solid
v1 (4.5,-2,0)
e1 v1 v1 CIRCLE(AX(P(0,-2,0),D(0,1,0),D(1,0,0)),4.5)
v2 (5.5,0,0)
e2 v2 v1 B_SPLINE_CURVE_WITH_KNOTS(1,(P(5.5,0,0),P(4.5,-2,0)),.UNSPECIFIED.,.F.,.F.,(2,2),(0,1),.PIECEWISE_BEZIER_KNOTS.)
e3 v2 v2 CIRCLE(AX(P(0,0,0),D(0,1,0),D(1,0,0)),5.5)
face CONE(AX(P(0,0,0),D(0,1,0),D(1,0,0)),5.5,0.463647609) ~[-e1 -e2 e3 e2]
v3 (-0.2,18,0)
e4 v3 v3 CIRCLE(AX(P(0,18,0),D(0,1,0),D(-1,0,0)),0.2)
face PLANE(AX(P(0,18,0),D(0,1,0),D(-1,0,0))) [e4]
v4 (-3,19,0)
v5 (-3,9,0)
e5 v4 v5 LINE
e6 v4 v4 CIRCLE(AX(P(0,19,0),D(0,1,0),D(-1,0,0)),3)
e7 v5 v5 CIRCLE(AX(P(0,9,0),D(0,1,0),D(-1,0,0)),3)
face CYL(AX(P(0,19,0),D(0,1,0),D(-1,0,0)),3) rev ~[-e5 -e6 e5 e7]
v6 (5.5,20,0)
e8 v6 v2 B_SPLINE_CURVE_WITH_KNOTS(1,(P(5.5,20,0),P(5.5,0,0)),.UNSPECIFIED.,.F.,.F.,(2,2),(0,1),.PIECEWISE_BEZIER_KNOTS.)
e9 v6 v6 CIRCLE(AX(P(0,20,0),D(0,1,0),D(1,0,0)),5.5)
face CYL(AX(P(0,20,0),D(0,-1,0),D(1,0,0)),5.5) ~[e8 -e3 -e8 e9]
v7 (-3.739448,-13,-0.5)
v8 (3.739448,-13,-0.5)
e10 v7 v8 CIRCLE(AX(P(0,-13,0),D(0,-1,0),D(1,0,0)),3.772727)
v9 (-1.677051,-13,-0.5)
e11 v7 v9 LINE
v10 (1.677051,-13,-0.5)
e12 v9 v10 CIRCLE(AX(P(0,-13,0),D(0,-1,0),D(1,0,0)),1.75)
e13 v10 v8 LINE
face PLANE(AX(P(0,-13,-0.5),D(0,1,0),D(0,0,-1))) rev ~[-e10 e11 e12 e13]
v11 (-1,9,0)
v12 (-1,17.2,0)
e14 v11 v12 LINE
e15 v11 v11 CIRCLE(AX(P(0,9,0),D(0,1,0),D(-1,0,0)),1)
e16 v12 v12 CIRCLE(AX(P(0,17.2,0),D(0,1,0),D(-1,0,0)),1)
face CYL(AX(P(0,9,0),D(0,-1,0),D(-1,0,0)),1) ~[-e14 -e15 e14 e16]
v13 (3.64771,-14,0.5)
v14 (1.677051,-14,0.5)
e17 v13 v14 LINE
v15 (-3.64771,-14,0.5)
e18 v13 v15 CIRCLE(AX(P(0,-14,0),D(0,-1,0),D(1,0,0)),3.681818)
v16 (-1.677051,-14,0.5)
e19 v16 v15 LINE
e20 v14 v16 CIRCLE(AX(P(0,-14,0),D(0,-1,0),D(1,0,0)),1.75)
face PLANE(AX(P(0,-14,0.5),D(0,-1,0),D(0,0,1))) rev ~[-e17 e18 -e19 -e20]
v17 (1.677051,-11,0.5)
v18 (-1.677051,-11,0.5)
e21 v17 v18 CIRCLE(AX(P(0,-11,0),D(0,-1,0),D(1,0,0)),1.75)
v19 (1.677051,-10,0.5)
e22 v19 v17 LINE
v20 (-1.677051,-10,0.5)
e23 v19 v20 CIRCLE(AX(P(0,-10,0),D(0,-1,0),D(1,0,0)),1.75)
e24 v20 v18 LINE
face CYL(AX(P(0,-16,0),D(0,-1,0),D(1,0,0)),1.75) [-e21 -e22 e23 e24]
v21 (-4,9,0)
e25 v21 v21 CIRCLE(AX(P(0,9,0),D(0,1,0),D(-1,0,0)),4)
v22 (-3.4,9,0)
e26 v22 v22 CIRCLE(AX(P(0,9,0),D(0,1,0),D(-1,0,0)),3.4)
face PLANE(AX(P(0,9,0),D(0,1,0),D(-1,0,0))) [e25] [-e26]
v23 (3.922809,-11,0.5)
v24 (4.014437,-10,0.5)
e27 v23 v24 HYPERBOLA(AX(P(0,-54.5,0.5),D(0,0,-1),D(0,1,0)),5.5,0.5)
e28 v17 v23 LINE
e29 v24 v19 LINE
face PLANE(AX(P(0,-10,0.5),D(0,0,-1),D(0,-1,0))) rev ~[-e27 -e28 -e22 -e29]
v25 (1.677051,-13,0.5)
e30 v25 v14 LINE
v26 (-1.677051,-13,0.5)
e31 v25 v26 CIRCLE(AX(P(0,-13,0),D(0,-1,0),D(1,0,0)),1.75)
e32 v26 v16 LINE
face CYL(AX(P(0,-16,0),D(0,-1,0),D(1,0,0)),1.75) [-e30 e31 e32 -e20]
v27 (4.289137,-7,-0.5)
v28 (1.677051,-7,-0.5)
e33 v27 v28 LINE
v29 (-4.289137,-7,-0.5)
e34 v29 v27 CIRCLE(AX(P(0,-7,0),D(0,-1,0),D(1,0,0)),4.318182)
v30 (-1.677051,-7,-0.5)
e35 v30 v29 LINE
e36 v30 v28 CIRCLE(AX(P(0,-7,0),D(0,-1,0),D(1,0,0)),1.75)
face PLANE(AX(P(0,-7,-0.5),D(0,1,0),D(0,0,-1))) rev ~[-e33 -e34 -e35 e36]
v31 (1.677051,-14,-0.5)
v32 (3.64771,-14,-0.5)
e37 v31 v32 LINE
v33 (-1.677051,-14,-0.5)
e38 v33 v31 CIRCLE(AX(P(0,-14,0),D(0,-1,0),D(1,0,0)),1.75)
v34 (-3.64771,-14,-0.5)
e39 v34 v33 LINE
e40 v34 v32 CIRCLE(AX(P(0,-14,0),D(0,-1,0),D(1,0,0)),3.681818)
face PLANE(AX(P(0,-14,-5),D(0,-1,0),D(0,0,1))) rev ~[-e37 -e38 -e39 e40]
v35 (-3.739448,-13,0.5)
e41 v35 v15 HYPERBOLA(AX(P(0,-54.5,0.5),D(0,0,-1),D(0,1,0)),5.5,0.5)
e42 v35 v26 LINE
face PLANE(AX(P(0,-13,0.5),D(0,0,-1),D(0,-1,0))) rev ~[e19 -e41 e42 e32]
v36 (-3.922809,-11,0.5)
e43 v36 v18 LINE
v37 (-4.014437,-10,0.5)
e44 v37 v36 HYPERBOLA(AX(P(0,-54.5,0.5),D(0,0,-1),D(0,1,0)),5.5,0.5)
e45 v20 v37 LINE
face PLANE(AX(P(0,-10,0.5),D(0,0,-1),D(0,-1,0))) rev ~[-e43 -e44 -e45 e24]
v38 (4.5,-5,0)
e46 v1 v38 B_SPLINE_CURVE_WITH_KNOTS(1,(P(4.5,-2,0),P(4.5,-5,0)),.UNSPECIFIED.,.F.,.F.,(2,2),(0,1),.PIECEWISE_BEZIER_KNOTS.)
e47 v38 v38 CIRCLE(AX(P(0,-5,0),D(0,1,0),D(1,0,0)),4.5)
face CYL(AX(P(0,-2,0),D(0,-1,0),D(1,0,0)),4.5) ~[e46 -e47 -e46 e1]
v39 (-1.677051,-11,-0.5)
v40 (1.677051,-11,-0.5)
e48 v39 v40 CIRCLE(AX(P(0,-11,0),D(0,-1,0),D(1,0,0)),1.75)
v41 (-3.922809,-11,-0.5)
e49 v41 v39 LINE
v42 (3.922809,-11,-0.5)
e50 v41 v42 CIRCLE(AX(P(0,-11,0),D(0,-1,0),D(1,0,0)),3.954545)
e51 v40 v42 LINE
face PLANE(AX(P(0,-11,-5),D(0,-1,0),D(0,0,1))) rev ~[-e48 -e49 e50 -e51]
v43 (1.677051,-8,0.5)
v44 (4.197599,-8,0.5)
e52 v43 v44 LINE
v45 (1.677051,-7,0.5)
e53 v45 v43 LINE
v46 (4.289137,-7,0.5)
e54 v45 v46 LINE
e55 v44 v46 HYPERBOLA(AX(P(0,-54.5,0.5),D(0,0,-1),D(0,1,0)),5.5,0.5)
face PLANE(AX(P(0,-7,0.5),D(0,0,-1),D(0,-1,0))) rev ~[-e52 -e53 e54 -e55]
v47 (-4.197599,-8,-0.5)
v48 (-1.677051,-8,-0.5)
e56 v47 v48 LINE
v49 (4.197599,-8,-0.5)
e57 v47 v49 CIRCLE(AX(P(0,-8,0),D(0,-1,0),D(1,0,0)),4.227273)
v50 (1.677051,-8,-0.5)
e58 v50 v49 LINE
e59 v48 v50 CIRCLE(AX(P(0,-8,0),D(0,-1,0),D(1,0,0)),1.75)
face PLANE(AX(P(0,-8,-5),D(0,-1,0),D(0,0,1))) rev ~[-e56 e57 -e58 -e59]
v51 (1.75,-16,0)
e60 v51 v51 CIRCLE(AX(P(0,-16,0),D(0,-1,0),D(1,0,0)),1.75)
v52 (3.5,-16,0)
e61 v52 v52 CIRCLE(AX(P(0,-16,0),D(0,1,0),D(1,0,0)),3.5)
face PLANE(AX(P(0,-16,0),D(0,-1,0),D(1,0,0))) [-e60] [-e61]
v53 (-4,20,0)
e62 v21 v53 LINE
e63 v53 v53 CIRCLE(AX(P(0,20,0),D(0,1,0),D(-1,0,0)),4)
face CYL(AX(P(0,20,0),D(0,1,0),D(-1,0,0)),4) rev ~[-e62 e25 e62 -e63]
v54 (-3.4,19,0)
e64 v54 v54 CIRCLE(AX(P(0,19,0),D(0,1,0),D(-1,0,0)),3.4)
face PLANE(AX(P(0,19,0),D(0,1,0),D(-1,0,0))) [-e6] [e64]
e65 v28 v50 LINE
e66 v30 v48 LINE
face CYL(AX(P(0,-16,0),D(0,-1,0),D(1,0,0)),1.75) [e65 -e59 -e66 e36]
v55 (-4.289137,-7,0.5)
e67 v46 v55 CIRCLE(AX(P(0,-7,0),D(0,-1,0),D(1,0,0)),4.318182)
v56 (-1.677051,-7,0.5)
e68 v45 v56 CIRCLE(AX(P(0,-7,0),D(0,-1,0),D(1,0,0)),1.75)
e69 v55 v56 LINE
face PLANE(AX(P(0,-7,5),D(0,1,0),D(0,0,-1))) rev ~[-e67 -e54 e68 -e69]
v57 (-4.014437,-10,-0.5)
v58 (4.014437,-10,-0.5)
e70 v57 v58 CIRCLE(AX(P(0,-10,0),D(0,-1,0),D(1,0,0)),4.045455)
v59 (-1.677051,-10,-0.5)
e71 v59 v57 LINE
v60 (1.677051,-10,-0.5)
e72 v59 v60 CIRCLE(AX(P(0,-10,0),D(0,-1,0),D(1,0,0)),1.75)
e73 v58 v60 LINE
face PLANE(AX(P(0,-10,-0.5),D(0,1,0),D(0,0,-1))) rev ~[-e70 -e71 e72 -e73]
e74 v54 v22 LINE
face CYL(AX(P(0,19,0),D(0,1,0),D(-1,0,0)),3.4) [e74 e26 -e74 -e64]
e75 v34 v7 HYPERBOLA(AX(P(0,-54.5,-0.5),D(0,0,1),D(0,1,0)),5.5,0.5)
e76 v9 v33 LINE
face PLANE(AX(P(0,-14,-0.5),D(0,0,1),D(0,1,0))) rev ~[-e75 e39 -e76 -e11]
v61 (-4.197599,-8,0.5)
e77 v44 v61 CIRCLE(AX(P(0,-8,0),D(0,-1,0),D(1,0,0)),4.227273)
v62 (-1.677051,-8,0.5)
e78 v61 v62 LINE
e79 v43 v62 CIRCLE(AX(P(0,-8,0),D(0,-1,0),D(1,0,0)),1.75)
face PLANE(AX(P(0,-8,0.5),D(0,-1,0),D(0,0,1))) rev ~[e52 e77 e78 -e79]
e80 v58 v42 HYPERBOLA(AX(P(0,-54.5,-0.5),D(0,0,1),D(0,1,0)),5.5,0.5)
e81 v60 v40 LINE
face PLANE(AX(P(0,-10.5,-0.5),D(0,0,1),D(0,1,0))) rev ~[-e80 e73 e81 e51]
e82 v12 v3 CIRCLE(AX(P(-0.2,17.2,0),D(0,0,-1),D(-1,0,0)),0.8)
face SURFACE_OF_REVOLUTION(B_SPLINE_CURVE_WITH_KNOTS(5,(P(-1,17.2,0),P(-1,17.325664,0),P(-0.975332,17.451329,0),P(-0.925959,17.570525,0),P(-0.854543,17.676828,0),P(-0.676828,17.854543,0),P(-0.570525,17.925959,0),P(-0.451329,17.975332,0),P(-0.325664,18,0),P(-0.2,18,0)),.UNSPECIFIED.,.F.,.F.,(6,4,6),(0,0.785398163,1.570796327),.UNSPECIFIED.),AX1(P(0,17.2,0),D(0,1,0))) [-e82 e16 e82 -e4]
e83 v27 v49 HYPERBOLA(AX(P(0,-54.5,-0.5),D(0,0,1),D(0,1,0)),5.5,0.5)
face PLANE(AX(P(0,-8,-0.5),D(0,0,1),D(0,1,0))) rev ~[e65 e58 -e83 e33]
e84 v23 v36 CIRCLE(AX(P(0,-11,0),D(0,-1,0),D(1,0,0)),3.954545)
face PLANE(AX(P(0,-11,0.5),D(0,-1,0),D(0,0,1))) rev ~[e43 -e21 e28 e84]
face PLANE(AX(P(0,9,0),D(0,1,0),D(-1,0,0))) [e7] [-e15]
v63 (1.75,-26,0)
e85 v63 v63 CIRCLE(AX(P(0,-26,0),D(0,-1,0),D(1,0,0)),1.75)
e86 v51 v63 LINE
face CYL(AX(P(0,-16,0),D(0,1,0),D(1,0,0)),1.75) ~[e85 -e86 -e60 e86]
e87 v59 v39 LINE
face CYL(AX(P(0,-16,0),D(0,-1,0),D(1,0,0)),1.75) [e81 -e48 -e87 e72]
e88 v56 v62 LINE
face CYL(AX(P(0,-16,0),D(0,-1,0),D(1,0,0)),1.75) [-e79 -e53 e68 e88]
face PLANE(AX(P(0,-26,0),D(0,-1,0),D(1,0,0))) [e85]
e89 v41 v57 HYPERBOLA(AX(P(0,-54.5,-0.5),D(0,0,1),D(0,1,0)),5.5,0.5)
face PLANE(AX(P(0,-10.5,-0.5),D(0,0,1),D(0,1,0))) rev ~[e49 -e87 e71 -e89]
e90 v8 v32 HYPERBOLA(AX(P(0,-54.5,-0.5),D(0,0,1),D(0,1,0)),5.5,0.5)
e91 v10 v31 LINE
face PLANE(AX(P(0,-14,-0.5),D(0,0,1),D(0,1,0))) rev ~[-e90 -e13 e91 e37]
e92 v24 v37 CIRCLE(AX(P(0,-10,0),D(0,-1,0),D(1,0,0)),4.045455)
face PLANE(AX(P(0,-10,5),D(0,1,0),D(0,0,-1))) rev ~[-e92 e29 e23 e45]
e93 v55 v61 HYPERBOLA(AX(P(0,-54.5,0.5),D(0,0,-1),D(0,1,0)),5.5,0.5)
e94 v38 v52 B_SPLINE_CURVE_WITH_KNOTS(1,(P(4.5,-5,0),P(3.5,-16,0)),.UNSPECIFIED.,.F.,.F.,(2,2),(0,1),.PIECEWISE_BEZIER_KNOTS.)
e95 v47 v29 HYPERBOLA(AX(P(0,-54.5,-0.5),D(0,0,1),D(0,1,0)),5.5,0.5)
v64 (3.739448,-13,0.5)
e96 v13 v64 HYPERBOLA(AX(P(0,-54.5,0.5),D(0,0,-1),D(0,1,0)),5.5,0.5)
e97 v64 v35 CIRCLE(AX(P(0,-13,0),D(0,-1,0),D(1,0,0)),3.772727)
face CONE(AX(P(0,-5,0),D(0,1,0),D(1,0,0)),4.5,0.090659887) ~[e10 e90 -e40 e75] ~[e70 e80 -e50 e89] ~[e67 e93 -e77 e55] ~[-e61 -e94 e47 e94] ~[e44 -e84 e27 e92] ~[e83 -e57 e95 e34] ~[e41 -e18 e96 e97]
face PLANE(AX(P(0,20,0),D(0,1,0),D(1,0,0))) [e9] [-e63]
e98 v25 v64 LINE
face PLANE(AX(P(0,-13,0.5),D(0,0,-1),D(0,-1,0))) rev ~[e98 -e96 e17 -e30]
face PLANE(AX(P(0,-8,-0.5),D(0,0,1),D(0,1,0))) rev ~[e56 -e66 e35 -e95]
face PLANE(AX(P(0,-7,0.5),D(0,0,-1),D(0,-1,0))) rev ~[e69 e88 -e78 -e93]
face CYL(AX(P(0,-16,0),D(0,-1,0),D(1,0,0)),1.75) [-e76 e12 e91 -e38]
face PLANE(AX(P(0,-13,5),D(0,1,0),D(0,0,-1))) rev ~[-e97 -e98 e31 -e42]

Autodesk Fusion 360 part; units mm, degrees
sketch "Sketch1" plane through (0, 0, 0) normal (0, 1, 0) x (1, 0, 0)
  circle A0 centre (0, 0) radius 5.5
  dimension "d1" = 11
ref_plane "WorkPlane1" through (0, 20, 0) normal (0, 1, 0) x (1, 0, 0)
sketch "Sketch2" plane through (0, 20, 0) normal (0, 1, 0) x (1, 0, 0)
  circle A0 centre (0, 0) radius 5.5
  dimension "d3" = 11
ref_plane "WorkPlane2" through (0, -2, 0) normal (0, 1, 0) x (1, 0, 0)
sketch "Sketch3" plane through (0, -2, 0) normal (0, 1, 0) x (1, 0, 0)
  circle A0 centre (0, 0) radius 4.5
  dimension "d5" = 9
ref_plane "WorkPlane3" through (0, -5, 0) normal (0, 1, 0) x (1, 0, 0)
sketch "Sketch4" plane through (0, -5, 0) normal (0, 1, 0) x (1, 0, 0)
  circle A0 centre (0, 0) radius 4.5
  dimension "d7" = 9
ref_plane "WorkPlane4" through (0, -16, 0) normal (0, 1, 0) x (1, 0, 0)
sketch "Sketch5" plane through (0, -16, 0) normal (0, 1, 0) x (1, 0, 0)
  circle A0 centre (0, 0) radius 3.5
  dimension "d9" = 7
loft "Loft1" add profiles "Sketch2", "Sketch1" section 1 section 2 makes body 1
loft "Loft2" add profiles "Sketch3" section 1 face at (-1.4907, 0, -0.2732) section 2 on bodies 1 bodies 1
loft "Loft3" add profiles "Sketch4" section 1 face at (0.9352, -2, -1.1727) section 2 on bodies 1 bodies 1
loft "Loft4" add profiles "Sketch5" section 1 face at (0.9352, -5, -1.1727) section 2 on bodies 1 bodies 1
sketch "Sketch6" plane through (0, 0, 0) normal (1, 0, 0) x (0, 1, 0)
  line L0 (-10.5, 5.5424) -> (-10.5, -7.5313)
  line L1 (-5, 0.5) -> (-16, 0.5)
  line L2 (-16, 0.5) -> (-16, -0.5)
  line L3 (-16, -0.5) -> (-5, -0.5)
  line L4 (-5, -0.5) -> (-5, 0.5)
  line L5 (-5, 0.5) -> (-16, -0.5) construction
  line L6 (-16, 0.5) -> (-5, -0.5) construction
  line L7 (-14, 5) -> (-13, 5)
  line L8 (-13, 5) -> (-13, -5)
  line L9 (-13, -5) -> (-14, -5)
  line L10 (-14, -5) -> (-14, 5)
  line L11 (-11, 5) -> (-10, 5)
  line L12 (-10, 5) -> (-10, -5)
  line L13 (-10, -5) -> (-11, -5)
  line L14 (-11, -5) -> (-11, 5)
  line L15 (-8, 5) -> (-7, 5)
  line L16 (-7, 5) -> (-7, -5)
  line L17 (-7, -5) -> (-8, -5)
  line L18 (-8, -5) -> (-8, 5)
  point P0 (-10.5, 0)
  point P1 (-10.5, 0)
  dimension "d10" = 11
  dimension "d11" = 1
extrude "Extrude1" cut sketch "Sketch6" along normal blind 5 and the other way blind 5 contours L0 L1 L11 L12 | L0 L1 L11 L14 | L0 L3 L12 L13 | L0 L3 L13 L14 | L1 L15 L16 L18 | L1 L7 L8 L10 | L3 L8 L9 L10 | L3 L16 L17 L18 bodies 1
sketch "Sketch7" plane through (0, -16, 0) normal (0, -1, 0) x (1, 0, 0)
  circle A0 centre (0, 0) radius 3.5
  circle A1 centre (0, 0) radius 1.75
  dimension "d16" = 3.5
extrude "Extrude2" add sketch "Sketch7" against normal blind 11 contours A1 bodies 1
sketch "Sketch8" plane through (0, 20, 0) normal (0, 1, 0) x (-1, 0, 0)
  circle A0 centre (0, 0) radius 5.5
  circle A1 centre (0, 0) radius 4
  dimension "d19" = 8
extrude "Extrude3" cut sketch "Sketch8" against normal blind 1 contours A1 bodies 1
sketch "Sketch9" plane through (0, 19, 0) normal (0, 1, 0) x (-1, 0, 0)
  circle A0 centre (0, 0) radius 4
  circle A1 centre (0, 0) radius 3
  circle A2 centre (0, 0) radius 3.4
  dimension "d22" = 6
  dimension "d23" = 6.8
extrude "Extrude4" cut sketch "Sketch9" against normal blind 10 bodies 1
sketch "Sketch10" plane through (0, 9, 0) normal (0, 1, 0) x (-1, 0, 0)
  circle A0 centre (0, 0) radius 3
  circle A1 centre (0, 0) radius 1
  dimension "d26" = 2
extrude "Extrude5" add sketch "Sketch10" along normal blind 9 contours A1 bodies 1
fillet "Fillet1" radius 0.8 1 edges at (0.9323, 18, -0.3616) on bodies 1
extrude "Extrude6" add sketch "Sketch7" along normal blind 10 contours A1 bodies 1
copy_body "Body->Comp1" bodies 1 removing the originals makes body 2 in component "Component"
sketch "Sketch11" plane through (0, 0, 0) normal (0, 0, 1) x (1, 0, 0)
  line L0 (10, 20) -> (43, 20)
  line L1 (43, 20) -> (43, -16)
  line L2 (43, -16) -> (10, -16)
  line L3 (10, -16) -> (10, 20)
component "Component" placed x (1, 0, 0) y (0, 1, 0) z (0, 0, 1) at (0, 0, 0)
